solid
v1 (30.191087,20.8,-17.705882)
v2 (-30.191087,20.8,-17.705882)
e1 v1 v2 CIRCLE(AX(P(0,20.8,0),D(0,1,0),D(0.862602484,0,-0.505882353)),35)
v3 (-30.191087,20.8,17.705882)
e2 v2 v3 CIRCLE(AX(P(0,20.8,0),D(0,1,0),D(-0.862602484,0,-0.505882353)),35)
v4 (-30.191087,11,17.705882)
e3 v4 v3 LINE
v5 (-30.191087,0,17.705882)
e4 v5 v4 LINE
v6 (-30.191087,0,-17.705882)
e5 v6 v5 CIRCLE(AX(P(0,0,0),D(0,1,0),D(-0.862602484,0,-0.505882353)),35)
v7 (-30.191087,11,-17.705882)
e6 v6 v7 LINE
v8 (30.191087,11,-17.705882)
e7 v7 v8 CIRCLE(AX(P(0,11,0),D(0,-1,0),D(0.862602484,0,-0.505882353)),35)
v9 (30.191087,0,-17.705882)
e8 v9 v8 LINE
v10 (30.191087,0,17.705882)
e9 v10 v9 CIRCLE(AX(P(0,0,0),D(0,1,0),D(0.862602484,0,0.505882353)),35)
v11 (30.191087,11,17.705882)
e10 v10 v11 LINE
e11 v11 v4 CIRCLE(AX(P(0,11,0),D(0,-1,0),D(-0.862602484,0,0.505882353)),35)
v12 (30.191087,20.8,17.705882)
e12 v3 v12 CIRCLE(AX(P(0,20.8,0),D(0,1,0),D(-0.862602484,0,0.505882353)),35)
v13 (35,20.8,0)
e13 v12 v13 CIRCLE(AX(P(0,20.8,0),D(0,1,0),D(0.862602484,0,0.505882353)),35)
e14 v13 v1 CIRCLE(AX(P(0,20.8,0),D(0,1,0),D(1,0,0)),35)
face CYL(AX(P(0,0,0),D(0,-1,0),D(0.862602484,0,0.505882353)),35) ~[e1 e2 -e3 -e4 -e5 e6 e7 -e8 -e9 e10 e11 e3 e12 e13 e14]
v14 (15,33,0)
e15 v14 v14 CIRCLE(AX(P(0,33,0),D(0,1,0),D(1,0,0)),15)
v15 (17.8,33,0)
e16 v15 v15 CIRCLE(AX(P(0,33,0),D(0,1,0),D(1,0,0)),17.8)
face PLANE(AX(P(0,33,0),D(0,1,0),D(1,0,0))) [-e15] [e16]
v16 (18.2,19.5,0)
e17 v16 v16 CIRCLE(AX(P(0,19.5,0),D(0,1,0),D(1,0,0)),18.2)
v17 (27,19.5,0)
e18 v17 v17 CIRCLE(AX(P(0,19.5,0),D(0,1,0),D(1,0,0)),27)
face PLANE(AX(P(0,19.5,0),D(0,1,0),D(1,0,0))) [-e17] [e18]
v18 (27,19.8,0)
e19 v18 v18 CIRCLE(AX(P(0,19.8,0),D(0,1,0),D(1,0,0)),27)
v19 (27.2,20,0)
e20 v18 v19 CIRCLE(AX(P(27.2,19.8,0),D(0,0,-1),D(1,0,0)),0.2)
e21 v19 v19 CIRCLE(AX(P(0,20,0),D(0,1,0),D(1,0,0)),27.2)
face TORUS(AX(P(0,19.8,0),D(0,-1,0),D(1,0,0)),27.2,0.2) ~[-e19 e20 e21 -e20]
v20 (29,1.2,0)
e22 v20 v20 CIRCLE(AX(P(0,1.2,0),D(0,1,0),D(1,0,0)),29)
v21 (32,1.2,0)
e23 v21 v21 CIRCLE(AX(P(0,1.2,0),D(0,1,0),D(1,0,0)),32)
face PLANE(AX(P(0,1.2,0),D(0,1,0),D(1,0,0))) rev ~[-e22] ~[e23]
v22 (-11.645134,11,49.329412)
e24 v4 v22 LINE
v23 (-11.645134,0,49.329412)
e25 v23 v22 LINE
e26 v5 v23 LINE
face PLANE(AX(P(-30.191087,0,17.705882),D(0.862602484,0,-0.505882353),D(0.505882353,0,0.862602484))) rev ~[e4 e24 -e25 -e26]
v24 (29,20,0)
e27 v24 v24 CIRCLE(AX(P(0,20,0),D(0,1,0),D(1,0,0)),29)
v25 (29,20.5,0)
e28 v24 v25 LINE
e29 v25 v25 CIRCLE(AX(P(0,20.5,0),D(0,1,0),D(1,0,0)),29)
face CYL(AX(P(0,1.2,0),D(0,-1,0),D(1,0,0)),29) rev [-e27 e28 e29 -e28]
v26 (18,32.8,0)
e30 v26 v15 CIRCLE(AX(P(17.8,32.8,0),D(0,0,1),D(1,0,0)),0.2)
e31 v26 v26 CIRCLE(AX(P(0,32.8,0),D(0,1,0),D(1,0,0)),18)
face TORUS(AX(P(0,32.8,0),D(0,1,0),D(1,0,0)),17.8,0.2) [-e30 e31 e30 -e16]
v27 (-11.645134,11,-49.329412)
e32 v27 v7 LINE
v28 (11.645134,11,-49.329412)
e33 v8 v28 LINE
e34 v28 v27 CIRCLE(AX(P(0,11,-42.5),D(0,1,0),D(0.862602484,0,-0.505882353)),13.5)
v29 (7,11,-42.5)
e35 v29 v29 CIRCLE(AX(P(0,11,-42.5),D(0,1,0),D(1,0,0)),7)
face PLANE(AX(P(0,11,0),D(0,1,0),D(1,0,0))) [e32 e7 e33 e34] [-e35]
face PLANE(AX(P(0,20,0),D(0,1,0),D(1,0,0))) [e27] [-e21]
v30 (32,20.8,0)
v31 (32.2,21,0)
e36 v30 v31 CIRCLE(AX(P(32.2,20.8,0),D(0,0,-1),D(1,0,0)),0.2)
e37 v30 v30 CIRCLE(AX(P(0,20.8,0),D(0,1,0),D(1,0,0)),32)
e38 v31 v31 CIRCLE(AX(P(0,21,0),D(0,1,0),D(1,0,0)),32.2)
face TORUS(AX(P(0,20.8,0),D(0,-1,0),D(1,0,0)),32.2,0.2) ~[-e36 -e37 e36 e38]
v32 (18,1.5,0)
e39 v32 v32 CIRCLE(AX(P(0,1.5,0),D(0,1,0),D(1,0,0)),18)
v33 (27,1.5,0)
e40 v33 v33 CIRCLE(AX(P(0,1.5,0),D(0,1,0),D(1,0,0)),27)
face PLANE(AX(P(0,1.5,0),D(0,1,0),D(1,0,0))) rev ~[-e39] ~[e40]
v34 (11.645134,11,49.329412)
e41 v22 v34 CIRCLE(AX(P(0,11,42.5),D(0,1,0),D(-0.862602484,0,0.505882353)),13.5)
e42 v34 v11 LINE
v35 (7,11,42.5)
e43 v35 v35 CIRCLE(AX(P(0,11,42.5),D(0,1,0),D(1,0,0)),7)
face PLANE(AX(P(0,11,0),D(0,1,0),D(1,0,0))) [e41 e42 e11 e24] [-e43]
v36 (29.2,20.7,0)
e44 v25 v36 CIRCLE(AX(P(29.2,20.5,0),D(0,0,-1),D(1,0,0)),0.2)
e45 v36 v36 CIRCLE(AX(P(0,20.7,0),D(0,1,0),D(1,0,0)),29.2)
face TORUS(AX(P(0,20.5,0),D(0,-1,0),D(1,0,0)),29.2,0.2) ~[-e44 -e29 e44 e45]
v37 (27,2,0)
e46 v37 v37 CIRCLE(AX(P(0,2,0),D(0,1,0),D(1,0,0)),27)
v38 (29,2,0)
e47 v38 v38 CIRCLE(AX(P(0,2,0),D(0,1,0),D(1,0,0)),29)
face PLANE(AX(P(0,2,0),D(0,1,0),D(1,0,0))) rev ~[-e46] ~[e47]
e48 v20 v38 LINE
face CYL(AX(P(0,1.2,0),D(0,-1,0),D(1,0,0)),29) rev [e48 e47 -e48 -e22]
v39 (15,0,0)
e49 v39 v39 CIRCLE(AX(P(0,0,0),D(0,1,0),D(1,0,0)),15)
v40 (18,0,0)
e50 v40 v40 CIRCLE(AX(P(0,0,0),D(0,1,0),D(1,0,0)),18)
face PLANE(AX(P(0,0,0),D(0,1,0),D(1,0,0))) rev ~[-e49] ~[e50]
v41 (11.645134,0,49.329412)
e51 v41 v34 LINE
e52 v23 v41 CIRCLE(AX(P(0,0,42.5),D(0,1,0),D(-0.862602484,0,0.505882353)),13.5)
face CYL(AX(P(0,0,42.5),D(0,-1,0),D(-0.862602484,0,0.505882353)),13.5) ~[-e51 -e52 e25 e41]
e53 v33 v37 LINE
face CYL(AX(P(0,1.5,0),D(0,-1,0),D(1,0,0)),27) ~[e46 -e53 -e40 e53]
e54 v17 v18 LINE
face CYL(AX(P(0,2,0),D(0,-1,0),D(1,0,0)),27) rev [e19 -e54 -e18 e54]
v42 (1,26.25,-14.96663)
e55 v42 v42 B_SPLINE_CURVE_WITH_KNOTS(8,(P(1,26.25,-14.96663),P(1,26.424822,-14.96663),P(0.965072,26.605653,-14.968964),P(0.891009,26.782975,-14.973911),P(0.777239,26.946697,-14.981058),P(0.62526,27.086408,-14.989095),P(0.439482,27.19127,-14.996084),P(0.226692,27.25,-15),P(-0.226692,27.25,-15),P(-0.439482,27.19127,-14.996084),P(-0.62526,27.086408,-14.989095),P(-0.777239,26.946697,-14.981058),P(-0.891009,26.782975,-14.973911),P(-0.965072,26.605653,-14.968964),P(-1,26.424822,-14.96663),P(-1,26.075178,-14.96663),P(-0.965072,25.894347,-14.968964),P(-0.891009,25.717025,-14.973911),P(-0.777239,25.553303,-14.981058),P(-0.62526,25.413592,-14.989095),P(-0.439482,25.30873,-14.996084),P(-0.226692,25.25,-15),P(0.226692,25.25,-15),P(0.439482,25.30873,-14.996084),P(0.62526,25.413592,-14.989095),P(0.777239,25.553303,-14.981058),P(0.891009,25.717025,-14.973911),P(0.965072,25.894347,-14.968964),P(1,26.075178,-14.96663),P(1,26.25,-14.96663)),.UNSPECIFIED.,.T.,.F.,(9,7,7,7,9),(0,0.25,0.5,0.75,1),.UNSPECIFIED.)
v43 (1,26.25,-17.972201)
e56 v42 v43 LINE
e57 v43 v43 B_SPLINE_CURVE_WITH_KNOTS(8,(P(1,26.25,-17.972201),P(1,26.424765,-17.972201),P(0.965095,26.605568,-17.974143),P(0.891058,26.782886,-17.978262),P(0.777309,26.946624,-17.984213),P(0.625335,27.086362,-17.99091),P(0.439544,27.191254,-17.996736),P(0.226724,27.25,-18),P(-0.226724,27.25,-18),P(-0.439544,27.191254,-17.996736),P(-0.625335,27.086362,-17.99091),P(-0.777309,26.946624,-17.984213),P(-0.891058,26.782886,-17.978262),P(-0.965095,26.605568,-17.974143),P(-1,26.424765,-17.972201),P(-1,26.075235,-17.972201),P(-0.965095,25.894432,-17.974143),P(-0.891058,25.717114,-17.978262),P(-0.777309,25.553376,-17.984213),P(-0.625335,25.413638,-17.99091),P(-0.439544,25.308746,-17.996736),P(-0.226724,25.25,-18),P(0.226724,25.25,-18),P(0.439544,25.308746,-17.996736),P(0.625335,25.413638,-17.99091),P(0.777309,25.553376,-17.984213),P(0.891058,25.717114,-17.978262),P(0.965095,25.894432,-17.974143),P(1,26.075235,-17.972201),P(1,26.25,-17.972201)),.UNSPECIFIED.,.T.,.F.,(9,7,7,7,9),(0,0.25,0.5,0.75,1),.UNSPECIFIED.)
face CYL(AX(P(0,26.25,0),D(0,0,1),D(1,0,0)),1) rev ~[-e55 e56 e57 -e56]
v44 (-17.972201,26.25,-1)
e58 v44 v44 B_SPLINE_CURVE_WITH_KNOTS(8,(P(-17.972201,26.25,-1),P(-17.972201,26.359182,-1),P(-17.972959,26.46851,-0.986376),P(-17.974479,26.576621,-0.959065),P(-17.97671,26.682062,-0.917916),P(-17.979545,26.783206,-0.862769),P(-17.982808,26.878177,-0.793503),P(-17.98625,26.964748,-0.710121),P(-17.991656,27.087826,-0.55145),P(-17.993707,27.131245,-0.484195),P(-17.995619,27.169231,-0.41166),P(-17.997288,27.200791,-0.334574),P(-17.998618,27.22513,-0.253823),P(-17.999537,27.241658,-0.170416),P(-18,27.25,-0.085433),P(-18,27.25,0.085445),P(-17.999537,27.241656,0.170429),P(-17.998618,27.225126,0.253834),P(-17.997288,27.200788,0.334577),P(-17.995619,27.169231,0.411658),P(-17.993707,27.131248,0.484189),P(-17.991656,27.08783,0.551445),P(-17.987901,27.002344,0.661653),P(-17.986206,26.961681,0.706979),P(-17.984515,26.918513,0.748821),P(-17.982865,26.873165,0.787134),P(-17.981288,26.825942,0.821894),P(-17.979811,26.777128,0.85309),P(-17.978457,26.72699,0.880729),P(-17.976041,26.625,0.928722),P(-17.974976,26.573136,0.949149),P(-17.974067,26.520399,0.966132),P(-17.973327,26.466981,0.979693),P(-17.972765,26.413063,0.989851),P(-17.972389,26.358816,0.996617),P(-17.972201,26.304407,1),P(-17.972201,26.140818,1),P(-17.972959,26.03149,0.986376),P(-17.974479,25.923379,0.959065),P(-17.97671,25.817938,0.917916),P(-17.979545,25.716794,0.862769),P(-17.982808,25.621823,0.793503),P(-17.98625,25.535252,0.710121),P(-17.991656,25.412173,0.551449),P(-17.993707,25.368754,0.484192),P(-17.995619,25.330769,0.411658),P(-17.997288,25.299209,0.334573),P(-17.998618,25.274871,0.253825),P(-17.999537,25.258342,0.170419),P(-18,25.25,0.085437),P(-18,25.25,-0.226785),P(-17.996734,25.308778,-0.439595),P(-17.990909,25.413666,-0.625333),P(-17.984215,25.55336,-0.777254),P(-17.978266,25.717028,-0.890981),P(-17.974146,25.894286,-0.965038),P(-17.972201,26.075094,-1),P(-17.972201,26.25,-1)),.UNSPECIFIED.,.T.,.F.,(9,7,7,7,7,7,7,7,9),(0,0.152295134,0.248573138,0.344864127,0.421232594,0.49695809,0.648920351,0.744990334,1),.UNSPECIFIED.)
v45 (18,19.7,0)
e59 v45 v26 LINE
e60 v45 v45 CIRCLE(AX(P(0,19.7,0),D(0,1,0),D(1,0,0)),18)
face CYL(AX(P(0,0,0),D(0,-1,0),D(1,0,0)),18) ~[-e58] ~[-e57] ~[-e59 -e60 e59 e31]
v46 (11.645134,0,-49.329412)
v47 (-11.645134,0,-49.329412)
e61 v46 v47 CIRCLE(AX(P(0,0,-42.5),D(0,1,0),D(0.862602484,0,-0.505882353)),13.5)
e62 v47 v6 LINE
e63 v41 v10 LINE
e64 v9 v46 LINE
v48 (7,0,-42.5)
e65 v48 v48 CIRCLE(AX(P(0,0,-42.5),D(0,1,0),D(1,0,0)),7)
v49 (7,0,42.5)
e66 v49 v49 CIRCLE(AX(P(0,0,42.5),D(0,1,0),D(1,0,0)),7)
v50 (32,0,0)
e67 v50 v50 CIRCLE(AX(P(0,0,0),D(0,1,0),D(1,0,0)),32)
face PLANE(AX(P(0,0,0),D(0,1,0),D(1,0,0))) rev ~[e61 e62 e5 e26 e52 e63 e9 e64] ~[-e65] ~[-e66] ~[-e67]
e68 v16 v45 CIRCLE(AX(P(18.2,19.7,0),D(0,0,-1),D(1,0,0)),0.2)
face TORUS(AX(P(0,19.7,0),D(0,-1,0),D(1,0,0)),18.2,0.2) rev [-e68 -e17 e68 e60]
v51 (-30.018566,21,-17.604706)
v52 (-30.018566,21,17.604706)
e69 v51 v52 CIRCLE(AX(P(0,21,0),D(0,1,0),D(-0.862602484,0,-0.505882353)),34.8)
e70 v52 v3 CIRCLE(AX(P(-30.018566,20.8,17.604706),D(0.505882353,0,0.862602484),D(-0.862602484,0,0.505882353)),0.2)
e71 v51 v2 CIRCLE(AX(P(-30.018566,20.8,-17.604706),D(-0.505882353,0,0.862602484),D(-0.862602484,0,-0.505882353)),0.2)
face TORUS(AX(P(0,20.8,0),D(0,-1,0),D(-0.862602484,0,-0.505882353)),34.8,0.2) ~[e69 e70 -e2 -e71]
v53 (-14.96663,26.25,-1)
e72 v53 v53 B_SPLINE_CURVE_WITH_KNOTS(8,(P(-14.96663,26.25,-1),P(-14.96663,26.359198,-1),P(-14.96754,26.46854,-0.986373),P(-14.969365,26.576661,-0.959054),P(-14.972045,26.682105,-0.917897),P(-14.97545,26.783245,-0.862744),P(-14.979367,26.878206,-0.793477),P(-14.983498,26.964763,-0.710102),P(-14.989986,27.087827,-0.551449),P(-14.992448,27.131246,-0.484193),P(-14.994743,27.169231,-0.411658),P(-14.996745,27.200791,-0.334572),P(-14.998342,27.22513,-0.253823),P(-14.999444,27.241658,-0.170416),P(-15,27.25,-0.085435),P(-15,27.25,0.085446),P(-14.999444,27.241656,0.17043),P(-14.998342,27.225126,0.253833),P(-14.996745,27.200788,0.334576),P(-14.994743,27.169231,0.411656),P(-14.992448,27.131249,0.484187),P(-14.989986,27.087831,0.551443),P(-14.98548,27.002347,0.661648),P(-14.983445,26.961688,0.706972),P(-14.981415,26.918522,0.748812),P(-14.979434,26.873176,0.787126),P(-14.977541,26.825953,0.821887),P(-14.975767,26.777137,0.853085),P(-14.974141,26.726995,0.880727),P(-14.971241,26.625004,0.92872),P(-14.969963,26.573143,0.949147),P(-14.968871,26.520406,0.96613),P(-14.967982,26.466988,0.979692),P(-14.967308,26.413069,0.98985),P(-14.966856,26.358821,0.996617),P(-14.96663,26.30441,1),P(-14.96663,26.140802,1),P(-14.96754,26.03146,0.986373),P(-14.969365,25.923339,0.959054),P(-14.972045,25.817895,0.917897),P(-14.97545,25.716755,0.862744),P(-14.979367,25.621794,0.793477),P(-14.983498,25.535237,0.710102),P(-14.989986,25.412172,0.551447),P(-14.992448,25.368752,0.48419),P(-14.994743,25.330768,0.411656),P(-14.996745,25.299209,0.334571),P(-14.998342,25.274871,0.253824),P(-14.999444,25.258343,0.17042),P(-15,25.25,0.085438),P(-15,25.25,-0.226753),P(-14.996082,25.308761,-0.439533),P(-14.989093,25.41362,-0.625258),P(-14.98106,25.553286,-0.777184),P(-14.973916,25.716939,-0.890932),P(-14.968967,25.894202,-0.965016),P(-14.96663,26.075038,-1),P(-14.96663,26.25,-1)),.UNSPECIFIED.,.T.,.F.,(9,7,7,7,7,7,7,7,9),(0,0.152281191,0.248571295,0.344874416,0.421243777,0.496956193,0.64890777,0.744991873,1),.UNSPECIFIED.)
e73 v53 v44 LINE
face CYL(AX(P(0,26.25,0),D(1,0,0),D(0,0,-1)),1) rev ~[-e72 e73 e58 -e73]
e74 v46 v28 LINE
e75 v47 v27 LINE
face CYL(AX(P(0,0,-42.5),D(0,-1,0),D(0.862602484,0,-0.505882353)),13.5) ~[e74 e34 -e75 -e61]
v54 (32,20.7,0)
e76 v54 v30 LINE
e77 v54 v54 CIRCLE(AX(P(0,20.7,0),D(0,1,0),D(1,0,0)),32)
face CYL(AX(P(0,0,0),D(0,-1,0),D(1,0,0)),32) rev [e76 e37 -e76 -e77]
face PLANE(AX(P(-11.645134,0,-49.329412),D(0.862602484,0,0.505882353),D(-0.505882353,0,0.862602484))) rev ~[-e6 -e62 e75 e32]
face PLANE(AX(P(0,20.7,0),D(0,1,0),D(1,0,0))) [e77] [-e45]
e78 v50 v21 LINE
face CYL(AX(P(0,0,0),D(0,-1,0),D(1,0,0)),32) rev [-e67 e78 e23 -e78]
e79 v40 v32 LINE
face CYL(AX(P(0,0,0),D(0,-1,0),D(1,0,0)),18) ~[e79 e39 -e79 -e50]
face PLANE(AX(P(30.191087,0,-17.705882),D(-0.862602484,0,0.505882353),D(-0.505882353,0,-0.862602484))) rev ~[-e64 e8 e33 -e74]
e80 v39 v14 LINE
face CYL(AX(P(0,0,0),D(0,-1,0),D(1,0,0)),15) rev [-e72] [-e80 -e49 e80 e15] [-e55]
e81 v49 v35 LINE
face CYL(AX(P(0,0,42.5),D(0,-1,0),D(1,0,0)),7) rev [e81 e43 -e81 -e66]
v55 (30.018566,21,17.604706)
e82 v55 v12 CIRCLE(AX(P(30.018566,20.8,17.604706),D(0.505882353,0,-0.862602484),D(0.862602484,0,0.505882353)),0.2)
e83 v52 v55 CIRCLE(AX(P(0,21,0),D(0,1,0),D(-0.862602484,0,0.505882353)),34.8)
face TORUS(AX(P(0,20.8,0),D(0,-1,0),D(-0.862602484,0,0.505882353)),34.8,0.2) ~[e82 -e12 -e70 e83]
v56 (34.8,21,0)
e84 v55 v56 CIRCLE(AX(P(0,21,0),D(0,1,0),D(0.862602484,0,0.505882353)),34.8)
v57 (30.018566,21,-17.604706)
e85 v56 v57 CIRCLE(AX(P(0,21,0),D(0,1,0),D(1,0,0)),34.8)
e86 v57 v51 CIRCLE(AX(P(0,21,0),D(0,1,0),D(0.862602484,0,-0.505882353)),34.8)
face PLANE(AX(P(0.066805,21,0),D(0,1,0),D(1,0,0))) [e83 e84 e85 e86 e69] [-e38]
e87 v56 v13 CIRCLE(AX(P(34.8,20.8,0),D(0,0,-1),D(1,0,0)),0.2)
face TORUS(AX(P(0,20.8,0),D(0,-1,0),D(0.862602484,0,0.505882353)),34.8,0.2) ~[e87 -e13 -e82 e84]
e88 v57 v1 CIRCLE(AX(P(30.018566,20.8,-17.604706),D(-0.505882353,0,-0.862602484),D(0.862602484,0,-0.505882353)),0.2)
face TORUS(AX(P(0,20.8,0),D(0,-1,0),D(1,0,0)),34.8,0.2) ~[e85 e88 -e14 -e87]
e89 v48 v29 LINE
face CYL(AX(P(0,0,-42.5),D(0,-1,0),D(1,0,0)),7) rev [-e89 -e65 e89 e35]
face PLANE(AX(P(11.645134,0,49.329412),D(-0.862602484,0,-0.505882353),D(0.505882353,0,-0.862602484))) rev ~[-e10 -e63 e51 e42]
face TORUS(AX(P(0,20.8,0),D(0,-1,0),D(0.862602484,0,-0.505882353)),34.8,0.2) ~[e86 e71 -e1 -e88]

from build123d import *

# Parameters (mm, degrees)
SKETCH1_R             = 7
SKETCH1_R_2           = 32
EXTRUDE_A1_DEPTH      = 11
SKETCH1_3_R           = 32
EXTRUDE_A_DEPTH       = 21
SKETCH1_4_R           = 18
SKETCH1_4_R_2         = 15
EXTRUDE_A0_DEPTH      = 33
BEARING_START         = 2
SKETCH1_7_R           = 29
SKETCH1_7_R_2         = 27
BEARING_OUTER_D_DEPTH = 18
BOSS_EXTRUDE6_START   = 1.2
SKETCH1_8_R           = 32
SKETCH1_8_R_2         = 29
BOSS_EXTRUDE6_DEPTH   = 19.5
BOSS_EXTRUDE7_START   = 1.5
SKETCH1_9_R           = 27
SKETCH1_9_R_2         = 18
BOSS_EXTRUDE7_DEPTH   = 18
CUT_EXTRUDE1_REACH    = 75.824
SKETCH2_R             = 1
CUT_EXTRUDE2_REACH    = 75.824
SKETCH3_R             = 1
FILLET1_R             = 0.2
FILLET2_R             = 0.2


with BuildPart() as part:
    # Sketch1 → Extrude A1 (new body)
    with BuildSketch(Plane(origin=(0, 0, 0), x_dir=(1, 0, 0), z_dir=(0, 1, 0))):
        with BuildLine():
            Line((11.645133531, -49.329411765), (30.191086931, -17.705882353))
            ThreePointArc((30.191086931, -17.705882353), (35, 0), (30.191086931, 17.705882353))
            Line((30.191086931, 17.705882353), (11.645133531, 49.329411765))
            ThreePointArc((11.645133531, 49.329411765), (0, 56), (-11.645133531, 49.329411765))
            Line((-11.645133531, 49.329411765), (-30.191086931, 17.705882353))
            ThreePointArc((-30.191086931, 17.705882353), (-35, 0), (-30.191086931, -17.705882353))
            Line((-30.191086931, -17.705882353), (-11.645133531, -49.329411765))
            ThreePointArc((-11.645133531, -49.329411765), (0, -56), (11.645133531, -49.329411765))
        make_face()
        with Locations((0, -42.5)):
            Circle(SKETCH1_R, mode=Mode.SUBTRACT)
        Circle(SKETCH1_R_2, mode=Mode.SUBTRACT)
        with Locations((0, 42.5)):
            Circle(SKETCH1_R, mode=Mode.SUBTRACT)
    extrude(amount=EXTRUDE_A1_DEPTH)

    # Sketch1<3> → Extrude A (add)
    with BuildSketch(Plane(origin=(0, 0, 0), x_dir=(1, 0, 0), z_dir=(0, 1, 0))):
        with BuildLine():
            ThreePointArc((-30.191086931, -17.705882353), (0, -35), (30.191086931, -17.705882353))
            ThreePointArc((30.191086931, -17.705882353), (33.776382596, -9.173656779), (35, 0))
            ThreePointArc((35, 0), (33.776382596, 9.173656779), (30.191086931, 17.705882353))
            ThreePointArc((30.191086931, 17.705882353), (0, 35), (-30.191086931, 17.705882353))
            ThreePointArc((-30.191086931, 17.705882353), (-35, 0), (-30.191086931, -17.705882353))
        make_face()
        Circle(SKETCH1_3_R, mode=Mode.SUBTRACT)
    extrude(amount=EXTRUDE_A_DEPTH)



with BuildPart() as body_2:
    # Sketch1<4> → Extrude A0 (new body)
    with BuildSketch(Plane(origin=(0, 0, 0), x_dir=(1, 0, 0), z_dir=(0, 1, 0))):
        Circle(SKETCH1_4_R)
        Circle(SKETCH1_4_R_2, mode=Mode.SUBTRACT)
    extrude(amount=EXTRUDE_A0_DEPTH)


with BuildPart() as body_3:
    # Sketch1<7> → Bearing outer d (new body)
    with BuildSketch(Plane(origin=(0, 0, 0), x_dir=(1, 0, 0), z_dir=(0, 1, 0)).offset(BEARING_START)):
        Circle(SKETCH1_7_R)
        Circle(SKETCH1_7_R_2, mode=Mode.SUBTRACT)
    extrude(amount=BEARING_OUTER_D_DEPTH)


with BuildPart() as part_1:
    add(part.part)

    add(body_3.part)  # Boss-Extrude6 merges body 3
    # Sketch1<8> → Boss-Extrude6 (add)
    with BuildSketch(Plane(origin=(0, 0, 0), x_dir=(1, 0, 0), z_dir=(0, 1, 0)).offset(BOSS_EXTRUDE6_START)):
        Circle(SKETCH1_8_R)
        Circle(SKETCH1_8_R_2, mode=Mode.SUBTRACT)
    extrude(amount=BOSS_EXTRUDE6_DEPTH)


    add(body_2.part)  # Boss-Extrude7 merges body 2
    # Sketch1<9> → Boss-Extrude7 (add)
    with BuildSketch(Plane(origin=(0, 0, 0), x_dir=(1, 0, 0), z_dir=(0, 1, 0)).offset(BOSS_EXTRUDE7_START)):
        Circle(SKETCH1_9_R)
        Circle(SKETCH1_9_R_2, mode=Mode.SUBTRACT)
    extrude(amount=BOSS_EXTRUDE7_DEPTH)

    # Sketch2 → Cut-Extrude1 (cut, up to next)
    with BuildSketch(Plane(origin=(0, 0, 0), x_dir=(0, 0, -1), z_dir=(1, 0, 0)), mode=Mode.PRIVATE) as cut_extrude1_sk1:
        with Locations((0, 26.25)):
            Circle(SKETCH2_R)
    cut_extrude1_tool1 = extrude(cut_extrude1_sk1.sketch, amount=-CUT_EXTRUDE1_REACH, mode=Mode.PRIVATE) & part_1.part
    add(cut_extrude1_tool1.solids().sort_by_distance((0, 26.25, 0))[0], mode=Mode.SUBTRACT)

    # Sketch3 → Cut-Extrude2 (cut, up to next)
    with BuildSketch(Plane.XY, mode=Mode.PRIVATE) as cut_extrude2_sk1:
        with Locations((0, 26.25)):
            Circle(SKETCH3_R)
    cut_extrude2_tool1 = extrude(cut_extrude2_sk1.sketch, amount=-CUT_EXTRUDE2_REACH, mode=Mode.PRIVATE) & part_1.part
    add(cut_extrude2_tool1.solids().sort_by_distance((0, 26.25, 0))[0], mode=Mode.SUBTRACT)

    # Fillet1
    fillet1_edges = [part_1.edges().sort_by_distance(p)[0] for p in [
        (-27, 20, 0),
    ]]
    fillet(fillet1_edges, radius=FILLET1_R)

    # Fillet2
    fillet2_edges = [part_1.edges().sort_by_distance(p)[0] for p in [
        (-18, 33, 0),
        (-18, 19.5, 0),
        (-30.191086931, 21, 17.705882353),
        (-32, 21, 0),
        (-29, 20.7, 0),
    ]]
    fillet(fillet2_edges, radius=FILLET2_R)


solid = part_1.part
